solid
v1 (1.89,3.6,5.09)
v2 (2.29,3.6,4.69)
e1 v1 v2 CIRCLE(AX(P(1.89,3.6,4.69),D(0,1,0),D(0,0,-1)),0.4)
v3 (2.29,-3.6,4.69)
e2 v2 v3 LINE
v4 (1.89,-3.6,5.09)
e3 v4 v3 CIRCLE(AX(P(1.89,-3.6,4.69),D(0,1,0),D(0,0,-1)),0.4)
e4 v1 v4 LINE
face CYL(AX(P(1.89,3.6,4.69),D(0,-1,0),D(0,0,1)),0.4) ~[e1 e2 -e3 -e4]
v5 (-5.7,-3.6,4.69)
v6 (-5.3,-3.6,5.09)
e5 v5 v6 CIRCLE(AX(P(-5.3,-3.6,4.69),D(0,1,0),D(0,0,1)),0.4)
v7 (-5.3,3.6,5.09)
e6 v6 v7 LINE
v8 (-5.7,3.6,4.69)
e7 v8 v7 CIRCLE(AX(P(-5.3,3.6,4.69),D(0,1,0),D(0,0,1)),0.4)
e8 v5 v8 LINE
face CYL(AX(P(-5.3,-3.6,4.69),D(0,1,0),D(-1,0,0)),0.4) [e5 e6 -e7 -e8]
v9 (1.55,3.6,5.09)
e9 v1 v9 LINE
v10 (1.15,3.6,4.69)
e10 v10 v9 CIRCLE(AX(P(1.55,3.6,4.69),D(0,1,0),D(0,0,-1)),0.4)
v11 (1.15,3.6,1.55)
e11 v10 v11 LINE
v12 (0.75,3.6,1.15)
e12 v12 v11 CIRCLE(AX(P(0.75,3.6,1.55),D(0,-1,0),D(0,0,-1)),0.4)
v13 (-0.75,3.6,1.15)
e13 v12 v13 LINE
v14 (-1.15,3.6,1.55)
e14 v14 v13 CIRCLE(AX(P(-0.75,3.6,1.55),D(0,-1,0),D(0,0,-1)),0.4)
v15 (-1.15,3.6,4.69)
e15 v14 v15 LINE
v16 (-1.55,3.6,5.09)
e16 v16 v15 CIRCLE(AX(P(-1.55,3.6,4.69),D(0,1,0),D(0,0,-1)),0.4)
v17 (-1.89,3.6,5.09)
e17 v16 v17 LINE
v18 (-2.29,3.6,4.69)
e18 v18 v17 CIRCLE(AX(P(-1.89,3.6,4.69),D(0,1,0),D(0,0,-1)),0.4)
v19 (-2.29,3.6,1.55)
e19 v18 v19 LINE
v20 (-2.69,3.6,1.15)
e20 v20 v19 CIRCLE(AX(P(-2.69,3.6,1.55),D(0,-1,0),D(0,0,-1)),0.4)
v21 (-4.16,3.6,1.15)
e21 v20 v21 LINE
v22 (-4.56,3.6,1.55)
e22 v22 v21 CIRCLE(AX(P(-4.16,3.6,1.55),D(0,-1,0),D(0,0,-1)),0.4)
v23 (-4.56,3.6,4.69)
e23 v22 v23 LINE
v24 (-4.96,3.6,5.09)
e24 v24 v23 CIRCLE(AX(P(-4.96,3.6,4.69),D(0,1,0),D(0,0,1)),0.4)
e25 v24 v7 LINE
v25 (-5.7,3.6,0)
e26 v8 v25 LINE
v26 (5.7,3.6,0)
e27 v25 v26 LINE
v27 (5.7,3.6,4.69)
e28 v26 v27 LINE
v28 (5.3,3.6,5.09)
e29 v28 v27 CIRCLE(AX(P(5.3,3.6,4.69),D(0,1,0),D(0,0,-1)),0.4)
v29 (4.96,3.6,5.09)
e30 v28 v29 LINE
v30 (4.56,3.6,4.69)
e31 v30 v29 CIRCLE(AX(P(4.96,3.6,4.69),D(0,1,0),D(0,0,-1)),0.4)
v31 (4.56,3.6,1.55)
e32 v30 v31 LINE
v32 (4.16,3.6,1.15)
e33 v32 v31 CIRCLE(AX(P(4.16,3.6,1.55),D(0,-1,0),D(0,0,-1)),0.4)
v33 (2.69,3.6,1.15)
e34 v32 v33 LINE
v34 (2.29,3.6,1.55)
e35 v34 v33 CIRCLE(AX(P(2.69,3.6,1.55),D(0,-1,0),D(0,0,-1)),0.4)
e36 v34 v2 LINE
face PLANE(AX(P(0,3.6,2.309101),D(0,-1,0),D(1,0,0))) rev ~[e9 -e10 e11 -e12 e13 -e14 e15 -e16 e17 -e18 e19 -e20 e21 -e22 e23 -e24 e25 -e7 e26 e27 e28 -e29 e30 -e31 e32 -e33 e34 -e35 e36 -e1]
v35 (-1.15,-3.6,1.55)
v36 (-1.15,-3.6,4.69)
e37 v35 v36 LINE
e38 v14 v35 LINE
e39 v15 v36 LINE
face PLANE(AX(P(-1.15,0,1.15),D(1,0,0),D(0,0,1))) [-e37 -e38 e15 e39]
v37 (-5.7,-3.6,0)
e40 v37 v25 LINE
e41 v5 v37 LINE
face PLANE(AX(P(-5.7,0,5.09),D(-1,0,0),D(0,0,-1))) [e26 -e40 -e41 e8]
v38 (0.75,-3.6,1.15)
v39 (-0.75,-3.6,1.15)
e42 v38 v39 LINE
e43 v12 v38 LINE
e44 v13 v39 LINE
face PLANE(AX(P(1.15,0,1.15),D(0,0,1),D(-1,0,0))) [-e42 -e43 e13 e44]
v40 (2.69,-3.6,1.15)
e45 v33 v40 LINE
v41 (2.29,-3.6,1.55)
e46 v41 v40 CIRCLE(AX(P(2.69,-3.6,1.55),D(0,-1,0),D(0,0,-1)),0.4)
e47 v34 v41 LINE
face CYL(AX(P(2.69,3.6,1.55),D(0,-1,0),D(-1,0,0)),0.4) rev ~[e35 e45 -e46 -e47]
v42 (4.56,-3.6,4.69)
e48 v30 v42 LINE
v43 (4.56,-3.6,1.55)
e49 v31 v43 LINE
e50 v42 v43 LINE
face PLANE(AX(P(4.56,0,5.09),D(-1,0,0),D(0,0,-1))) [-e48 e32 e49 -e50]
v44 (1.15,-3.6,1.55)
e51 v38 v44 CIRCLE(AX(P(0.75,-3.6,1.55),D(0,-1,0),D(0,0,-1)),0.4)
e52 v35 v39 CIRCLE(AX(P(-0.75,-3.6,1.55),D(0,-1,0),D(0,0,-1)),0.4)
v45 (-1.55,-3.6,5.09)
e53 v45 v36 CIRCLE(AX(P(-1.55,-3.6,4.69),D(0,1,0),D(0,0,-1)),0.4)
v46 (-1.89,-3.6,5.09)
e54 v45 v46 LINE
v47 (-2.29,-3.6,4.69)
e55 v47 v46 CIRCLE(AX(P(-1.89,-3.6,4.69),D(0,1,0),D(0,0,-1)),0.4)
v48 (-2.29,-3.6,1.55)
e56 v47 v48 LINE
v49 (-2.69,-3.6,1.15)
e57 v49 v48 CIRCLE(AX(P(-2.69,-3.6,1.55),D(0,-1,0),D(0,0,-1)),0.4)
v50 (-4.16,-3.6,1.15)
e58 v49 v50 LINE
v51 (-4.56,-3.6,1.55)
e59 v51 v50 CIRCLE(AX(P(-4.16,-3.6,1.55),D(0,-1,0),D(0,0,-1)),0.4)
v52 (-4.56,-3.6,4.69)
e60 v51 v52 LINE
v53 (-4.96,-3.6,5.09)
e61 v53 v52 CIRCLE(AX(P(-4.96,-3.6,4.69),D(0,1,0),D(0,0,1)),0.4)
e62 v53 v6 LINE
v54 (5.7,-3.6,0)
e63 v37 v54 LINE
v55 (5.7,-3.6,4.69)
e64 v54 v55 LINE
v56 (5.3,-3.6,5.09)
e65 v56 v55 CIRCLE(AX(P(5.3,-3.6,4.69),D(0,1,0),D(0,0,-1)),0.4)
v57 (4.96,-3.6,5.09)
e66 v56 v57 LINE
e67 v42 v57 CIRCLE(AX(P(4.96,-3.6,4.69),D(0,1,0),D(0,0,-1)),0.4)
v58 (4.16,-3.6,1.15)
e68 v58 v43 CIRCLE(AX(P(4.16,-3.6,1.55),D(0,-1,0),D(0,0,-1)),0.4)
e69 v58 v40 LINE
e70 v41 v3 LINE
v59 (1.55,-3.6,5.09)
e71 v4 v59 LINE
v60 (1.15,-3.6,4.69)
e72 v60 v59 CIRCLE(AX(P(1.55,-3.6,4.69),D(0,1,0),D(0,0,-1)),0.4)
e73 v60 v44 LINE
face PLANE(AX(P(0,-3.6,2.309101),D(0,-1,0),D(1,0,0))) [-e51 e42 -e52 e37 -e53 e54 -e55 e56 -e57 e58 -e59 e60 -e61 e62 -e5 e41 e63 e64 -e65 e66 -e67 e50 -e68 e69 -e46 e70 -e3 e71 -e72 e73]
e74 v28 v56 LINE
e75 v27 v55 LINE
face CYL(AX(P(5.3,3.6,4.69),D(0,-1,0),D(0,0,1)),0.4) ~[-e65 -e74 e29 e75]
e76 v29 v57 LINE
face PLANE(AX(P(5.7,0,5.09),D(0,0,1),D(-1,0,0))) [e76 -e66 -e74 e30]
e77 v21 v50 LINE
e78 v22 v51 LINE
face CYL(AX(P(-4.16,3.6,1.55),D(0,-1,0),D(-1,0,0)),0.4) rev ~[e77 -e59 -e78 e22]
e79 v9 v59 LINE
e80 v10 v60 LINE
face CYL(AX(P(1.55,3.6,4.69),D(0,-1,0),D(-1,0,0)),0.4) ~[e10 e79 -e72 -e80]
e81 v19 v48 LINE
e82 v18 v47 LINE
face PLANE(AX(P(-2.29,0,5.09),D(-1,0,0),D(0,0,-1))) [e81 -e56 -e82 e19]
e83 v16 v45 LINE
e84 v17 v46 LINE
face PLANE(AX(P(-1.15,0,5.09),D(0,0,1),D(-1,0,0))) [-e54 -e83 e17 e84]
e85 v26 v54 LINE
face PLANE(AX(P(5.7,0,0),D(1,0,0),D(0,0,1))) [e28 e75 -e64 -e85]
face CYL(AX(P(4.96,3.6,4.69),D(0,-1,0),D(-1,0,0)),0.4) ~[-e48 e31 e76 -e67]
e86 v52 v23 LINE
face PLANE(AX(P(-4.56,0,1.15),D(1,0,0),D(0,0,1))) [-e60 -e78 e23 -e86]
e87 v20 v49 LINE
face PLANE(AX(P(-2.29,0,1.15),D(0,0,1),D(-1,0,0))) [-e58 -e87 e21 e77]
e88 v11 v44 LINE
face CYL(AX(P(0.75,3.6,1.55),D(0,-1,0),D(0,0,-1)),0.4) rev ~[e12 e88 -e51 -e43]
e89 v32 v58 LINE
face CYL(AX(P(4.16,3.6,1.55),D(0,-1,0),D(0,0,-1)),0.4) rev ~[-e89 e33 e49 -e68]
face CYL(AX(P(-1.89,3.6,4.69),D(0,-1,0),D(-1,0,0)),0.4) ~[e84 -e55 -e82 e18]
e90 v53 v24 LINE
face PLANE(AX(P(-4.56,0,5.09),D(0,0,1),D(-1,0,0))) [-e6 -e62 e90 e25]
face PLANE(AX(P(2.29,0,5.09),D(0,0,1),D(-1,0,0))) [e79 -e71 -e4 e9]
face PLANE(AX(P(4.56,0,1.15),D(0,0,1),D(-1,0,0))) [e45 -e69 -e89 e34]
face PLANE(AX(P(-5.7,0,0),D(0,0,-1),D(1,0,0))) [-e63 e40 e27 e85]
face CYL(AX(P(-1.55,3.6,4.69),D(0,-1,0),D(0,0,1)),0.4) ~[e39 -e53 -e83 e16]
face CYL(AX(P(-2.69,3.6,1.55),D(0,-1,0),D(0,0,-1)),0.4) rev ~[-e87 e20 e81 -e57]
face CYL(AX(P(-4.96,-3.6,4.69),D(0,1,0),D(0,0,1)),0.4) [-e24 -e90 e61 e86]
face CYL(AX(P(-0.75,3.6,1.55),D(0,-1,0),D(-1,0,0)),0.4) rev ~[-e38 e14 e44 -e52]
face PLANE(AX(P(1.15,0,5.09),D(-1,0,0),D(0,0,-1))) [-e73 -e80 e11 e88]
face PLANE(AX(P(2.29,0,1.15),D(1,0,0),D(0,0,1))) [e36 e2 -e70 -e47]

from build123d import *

# Parameters (mm, degrees)
PAD_DEPTH = 3.6
FILLET_R  = 0.4


with BuildPart() as part:
    # Sketch → Pad (new body, symmetric)
    with BuildSketch(Plane.XZ):
        Polygon((-5.7, 0), (5.7, 0), (5.7, 5.09), (4.56, 5.09), (4.56, 1.15), (2.29, 1.15), (2.29, 5.09), (1.15, 5.09), (1.15, 1.15), (-1.15, 1.15), (-1.15, 5.09), (-2.29, 5.09), (-2.29, 1.15), (-4.56, 1.15), (-4.56, 5.09), (-5.7, 5.09), align=None)
    extrude(amount=PAD_DEPTH, both=True)

    # Fillet
    fillet_edges = [part.edges().sort_by_distance(p)[0] for p in [
        (-5.7, 0, 5.09),
        (-4.56, 0, 5.09),
        (-2.29, 0, 5.09),
        (-1.15, 0, 5.09),
        (1.15, 0, 5.09),
        (2.29, 0, 5.09),
        (4.56, 0, 5.09),
        (5.7, 0, 5.09),
        (-4.56, 0, 1.15),
        (-1.15, 0, 1.15),
        (2.29, 0, 1.15),
        (-2.29, 0, 1.15),
        (1.15, 0, 1.15),
        (4.56, 0, 1.15),
    ]]
    fillet(fillet_edges, radius=FILLET_R)


solid = part.part
